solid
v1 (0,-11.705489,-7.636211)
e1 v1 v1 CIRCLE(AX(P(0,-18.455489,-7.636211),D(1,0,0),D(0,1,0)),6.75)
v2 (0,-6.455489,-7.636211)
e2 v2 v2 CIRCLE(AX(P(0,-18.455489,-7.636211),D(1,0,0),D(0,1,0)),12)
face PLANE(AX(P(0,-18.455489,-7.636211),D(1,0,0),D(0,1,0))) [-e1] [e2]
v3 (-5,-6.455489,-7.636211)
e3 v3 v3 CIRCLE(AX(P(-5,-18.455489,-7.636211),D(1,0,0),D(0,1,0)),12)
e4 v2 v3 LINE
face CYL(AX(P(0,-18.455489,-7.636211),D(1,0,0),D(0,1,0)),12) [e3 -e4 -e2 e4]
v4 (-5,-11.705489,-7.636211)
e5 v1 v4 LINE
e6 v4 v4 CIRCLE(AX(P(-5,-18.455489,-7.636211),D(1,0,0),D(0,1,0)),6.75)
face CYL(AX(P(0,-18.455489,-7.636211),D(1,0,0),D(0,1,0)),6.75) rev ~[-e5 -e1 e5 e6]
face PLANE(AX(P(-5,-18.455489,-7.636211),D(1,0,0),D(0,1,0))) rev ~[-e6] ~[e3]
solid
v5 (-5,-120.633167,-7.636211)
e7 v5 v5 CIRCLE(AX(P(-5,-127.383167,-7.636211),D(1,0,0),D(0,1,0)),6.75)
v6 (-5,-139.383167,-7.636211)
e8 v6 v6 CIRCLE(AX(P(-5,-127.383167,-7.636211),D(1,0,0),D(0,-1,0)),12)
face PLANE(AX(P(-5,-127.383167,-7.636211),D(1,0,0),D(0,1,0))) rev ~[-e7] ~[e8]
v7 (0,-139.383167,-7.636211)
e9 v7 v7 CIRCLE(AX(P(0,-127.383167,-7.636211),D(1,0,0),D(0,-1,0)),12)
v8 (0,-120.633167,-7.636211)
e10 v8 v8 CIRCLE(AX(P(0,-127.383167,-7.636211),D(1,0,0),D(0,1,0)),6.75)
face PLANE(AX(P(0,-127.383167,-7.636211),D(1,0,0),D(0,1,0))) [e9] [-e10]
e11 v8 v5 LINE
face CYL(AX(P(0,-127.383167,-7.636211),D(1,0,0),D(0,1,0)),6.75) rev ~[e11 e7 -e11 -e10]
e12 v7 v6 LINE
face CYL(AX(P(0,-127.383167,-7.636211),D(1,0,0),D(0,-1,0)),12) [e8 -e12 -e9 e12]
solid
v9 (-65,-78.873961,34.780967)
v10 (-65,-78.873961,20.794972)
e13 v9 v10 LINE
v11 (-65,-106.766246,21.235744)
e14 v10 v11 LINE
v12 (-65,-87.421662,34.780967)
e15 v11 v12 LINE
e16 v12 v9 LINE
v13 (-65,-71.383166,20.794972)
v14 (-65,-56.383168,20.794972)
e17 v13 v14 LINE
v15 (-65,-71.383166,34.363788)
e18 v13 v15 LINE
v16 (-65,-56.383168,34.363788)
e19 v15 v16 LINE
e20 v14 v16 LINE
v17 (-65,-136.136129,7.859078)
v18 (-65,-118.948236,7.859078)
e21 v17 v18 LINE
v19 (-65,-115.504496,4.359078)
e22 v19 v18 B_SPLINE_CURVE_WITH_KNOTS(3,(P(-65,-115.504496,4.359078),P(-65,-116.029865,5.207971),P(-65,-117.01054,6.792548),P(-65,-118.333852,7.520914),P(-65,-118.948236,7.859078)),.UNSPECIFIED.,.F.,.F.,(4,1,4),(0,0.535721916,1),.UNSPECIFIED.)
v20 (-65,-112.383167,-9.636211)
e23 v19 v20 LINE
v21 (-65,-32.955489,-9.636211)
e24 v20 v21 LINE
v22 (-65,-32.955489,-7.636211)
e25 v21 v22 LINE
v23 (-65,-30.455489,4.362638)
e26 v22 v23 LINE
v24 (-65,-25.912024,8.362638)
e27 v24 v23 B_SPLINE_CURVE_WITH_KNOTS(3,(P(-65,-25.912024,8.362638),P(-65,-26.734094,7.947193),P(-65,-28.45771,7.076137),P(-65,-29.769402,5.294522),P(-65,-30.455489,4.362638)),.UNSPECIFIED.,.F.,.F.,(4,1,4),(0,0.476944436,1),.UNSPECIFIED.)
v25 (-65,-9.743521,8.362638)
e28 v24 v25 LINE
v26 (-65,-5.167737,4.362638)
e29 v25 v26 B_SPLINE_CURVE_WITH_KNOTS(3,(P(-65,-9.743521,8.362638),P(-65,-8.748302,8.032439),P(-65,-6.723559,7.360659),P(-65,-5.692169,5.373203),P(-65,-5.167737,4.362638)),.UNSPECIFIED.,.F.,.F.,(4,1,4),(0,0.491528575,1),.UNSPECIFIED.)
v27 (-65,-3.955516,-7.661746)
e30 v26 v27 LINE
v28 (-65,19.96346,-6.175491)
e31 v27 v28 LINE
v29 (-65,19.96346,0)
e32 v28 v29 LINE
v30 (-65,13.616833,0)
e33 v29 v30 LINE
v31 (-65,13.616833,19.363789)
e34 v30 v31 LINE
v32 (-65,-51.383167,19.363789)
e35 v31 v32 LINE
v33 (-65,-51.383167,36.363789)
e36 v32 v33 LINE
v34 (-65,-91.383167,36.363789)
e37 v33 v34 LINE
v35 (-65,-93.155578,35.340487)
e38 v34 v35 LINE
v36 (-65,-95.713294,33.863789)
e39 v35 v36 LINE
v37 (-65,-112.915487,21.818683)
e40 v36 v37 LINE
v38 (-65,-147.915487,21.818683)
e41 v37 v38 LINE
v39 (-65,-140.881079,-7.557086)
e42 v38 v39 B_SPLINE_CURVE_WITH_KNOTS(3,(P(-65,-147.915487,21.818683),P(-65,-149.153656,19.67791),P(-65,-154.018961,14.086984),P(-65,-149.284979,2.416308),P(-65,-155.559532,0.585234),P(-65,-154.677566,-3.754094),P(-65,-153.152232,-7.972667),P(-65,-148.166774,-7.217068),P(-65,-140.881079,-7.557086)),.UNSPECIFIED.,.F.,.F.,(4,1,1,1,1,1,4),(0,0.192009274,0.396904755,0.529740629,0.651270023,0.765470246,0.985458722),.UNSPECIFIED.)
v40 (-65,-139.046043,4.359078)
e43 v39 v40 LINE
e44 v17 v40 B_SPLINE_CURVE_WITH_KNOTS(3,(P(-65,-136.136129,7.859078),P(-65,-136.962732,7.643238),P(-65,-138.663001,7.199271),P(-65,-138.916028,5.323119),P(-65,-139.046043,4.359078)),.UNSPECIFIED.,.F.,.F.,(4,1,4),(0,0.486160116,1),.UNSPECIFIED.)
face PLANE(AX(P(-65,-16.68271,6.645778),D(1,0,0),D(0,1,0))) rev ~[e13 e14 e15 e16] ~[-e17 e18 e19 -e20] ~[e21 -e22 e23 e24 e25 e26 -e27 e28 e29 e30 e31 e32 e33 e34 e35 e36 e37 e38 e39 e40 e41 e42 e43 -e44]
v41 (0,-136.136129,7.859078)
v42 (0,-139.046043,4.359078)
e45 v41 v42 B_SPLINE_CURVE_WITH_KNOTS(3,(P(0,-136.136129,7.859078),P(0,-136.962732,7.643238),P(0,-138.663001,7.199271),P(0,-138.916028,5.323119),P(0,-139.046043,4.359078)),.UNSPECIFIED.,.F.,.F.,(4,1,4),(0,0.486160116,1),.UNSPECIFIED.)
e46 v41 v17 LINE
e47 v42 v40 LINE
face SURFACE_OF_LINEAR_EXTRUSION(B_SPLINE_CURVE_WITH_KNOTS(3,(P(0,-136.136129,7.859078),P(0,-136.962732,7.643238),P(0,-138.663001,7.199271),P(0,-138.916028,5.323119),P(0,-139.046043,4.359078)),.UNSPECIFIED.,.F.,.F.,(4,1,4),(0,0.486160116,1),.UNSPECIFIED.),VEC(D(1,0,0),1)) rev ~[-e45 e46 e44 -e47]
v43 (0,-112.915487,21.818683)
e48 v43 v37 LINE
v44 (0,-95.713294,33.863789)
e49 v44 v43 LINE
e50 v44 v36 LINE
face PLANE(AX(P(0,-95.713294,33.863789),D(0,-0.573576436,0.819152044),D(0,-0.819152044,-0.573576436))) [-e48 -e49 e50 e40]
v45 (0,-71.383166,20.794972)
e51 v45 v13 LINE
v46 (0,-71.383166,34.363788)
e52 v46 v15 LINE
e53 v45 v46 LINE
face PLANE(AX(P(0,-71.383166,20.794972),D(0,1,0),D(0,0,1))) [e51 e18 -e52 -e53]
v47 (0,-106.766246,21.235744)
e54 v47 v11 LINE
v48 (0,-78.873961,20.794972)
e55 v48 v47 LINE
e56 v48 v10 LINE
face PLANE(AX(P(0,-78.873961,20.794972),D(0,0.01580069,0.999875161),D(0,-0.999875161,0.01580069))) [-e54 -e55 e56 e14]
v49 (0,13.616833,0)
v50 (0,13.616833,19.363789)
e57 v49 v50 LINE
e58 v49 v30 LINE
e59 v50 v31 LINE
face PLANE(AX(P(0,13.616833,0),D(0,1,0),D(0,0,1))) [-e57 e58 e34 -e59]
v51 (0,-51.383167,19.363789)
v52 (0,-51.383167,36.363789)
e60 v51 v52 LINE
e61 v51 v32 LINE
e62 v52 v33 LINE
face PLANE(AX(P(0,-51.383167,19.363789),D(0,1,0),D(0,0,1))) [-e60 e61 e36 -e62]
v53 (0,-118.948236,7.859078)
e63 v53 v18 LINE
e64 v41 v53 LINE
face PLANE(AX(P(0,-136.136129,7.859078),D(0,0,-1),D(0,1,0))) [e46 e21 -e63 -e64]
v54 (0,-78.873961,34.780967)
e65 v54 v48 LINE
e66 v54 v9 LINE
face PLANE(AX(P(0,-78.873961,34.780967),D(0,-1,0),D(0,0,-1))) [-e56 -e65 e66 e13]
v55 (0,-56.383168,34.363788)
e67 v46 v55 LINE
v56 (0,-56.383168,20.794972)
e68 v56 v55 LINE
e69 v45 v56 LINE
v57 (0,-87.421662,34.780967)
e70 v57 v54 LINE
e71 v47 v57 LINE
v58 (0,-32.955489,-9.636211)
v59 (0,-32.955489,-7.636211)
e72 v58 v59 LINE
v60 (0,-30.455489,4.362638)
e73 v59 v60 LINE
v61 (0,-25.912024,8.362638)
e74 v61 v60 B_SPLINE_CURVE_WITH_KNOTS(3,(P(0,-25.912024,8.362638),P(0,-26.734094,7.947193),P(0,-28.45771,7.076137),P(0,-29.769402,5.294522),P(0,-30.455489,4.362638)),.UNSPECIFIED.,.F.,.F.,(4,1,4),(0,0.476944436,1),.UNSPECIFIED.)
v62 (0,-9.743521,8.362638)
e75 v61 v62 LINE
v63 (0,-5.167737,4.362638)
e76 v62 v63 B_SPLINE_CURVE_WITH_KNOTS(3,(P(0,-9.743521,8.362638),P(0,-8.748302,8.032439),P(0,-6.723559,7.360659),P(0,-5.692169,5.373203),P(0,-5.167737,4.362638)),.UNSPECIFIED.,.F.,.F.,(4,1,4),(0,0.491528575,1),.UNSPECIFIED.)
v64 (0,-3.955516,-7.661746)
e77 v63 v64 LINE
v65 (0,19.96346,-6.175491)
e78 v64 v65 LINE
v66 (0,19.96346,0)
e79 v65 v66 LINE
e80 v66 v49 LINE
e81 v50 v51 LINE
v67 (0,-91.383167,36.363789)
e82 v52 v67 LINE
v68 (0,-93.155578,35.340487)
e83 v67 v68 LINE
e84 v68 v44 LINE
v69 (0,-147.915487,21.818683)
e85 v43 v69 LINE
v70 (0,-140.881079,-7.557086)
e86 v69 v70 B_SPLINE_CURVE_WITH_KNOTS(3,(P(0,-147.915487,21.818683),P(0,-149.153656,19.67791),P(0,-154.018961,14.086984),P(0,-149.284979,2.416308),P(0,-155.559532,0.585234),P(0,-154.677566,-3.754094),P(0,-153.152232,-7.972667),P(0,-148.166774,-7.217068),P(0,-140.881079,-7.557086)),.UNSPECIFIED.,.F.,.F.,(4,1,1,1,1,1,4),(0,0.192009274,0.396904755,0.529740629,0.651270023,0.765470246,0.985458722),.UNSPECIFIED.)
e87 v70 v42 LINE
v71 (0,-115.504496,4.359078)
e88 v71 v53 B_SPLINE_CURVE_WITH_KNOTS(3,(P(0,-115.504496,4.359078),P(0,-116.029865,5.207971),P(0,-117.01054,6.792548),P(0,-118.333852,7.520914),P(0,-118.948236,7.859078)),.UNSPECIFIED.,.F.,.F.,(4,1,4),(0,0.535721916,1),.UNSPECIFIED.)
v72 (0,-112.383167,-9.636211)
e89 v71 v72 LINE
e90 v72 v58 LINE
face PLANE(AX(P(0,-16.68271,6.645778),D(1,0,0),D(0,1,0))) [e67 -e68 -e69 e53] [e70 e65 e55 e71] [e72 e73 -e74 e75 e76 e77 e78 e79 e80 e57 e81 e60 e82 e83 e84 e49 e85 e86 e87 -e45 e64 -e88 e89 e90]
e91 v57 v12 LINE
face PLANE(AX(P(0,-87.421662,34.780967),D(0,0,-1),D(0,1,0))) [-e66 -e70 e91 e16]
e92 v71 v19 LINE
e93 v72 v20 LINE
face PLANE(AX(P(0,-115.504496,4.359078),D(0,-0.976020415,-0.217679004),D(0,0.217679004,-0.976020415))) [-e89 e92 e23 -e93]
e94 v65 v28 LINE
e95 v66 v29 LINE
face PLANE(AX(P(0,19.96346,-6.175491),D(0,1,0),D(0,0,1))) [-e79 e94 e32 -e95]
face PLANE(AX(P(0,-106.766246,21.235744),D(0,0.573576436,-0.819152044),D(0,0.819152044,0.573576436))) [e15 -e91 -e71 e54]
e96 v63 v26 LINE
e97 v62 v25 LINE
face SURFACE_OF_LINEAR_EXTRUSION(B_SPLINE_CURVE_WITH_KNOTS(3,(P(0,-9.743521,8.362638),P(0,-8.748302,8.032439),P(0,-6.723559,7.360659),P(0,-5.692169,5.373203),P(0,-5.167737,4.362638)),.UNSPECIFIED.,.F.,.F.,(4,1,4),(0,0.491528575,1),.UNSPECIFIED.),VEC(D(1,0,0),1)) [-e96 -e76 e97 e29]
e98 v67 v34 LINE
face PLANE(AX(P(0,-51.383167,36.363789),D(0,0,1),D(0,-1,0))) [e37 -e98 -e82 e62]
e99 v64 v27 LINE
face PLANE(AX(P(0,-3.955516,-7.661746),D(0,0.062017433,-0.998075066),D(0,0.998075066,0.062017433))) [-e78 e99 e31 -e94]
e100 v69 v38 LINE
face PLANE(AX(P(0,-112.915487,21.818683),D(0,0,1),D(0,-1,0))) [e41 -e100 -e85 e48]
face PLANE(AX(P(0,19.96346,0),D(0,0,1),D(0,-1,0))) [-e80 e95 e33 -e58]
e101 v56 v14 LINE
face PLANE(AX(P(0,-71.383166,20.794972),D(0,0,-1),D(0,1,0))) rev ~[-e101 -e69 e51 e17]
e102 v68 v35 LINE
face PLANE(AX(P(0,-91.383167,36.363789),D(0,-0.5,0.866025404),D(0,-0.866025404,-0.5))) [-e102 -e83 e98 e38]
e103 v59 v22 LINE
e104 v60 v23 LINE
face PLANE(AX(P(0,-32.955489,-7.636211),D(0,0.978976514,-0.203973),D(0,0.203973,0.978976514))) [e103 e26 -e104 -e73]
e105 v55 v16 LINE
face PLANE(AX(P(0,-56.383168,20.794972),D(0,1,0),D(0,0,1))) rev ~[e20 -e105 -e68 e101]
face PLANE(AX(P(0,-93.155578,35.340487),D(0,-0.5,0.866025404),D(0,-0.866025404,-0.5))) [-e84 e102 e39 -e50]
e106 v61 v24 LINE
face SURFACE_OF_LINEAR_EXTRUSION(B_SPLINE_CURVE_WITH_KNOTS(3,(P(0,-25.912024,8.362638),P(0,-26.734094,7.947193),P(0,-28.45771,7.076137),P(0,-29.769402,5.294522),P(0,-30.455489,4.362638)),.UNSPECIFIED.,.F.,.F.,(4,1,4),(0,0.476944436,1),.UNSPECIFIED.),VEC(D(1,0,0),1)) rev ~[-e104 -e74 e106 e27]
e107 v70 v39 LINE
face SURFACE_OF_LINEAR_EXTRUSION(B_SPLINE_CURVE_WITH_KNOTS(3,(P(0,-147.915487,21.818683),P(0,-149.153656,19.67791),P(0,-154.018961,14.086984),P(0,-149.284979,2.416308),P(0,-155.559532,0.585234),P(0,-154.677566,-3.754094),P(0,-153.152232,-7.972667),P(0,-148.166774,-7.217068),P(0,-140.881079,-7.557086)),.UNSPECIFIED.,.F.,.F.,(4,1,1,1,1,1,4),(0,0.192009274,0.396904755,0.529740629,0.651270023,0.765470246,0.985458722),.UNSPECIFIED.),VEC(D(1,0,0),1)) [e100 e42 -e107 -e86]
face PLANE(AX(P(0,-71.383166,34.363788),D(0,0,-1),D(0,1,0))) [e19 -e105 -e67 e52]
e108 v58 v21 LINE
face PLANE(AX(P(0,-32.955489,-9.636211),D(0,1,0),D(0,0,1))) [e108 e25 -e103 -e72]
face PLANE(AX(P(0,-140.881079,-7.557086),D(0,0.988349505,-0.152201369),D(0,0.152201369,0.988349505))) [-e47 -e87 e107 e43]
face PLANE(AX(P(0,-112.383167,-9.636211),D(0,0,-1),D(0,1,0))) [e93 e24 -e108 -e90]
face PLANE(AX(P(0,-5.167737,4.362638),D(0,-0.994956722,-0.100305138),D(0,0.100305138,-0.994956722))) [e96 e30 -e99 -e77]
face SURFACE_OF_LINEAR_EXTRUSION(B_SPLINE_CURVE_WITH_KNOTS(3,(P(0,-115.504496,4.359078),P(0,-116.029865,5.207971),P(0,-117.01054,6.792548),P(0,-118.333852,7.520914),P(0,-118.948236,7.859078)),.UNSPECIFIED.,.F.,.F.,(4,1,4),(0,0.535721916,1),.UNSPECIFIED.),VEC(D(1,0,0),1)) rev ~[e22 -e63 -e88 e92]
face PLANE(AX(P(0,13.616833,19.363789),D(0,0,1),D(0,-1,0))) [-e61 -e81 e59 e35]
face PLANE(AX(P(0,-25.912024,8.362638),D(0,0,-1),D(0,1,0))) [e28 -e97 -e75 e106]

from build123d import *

# Parameters (mm, degrees)
F0_W     = 14.9999984481
F0_H     = 13.5688162344
F1_DEPTH = 65
F0_R     = 10.5
F0_R_2   = 6.75
F2_DEPTH = 5
F0_R_3   = 12
F3_DEPTH = 5


with BuildPart() as f1:
    # F0 (on Right) → F1 (new body)
    with BuildSketch(Plane.YZ):
        with BuildLine():
            Line((13.6168329716, 19.3637886377), (-51.3831670284, 19.3637886377))
            Line((-51.3831670284, 19.3637886377), (-51.3831670284, -7.6362113623))
            Line((-51.3831670284, -7.6362113623), (-50.3831670284, -7.6362113623))
            Line((-50.3831670284, -7.6362113623), (-37.3831670284, -7.6362113623))
            Line((-37.3831670284, -7.6362113623), (-32.9554889213, -7.6362113623))
            Line((-32.9554889213, -7.6362113623), (-30.4554889213, 4.3626378955))
            add(Edge.make_bspline(
                [(-25.9120240808, 8.3626378955), (-26.7340935226, 7.9471925583), (-28.4577103209, 7.076136507), (-29.7694015341, 5.2945215247), (-30.4554889213, 4.3626378955)],
                knots=[0, 0, 0, 0, 0.4769444361, 1, 1, 1, 1], degree=3))
            Line((-25.9120240808, 8.3626378955), (-18.2893068268, 8.3626378955))
            Line((-18.2893068268, 8.3626378955), (-9.74352099, 8.3626378955))
            add(Edge.make_bspline(
                [(-9.74352099, 8.3626378955), (-8.7483018502, 8.0324388543), (-6.7235586512, 7.3606589052), (-5.6921692008, 5.373202623), (-5.1677371375, 4.3626378955)],
                knots=[0, 0, 0, 0, 0.4915285753, 1, 1, 1, 1], degree=3))
            Line((-5.1677371375, 4.3626378955), (-3.9555160886, -7.6617459406))
            Line((-3.9555160886, -7.6617459406), (19.9634600431, -6.1754914932))
            Line((19.9634600431, -6.1754914932), (19.9634600431, 0))
            Line((19.9634600431, 0), (13.6168329716, 0))
            Line((13.6168329716, 0), (13.6168329716, 5.8132377453))
            Line((13.6168329716, 5.8132377453), (13.6168329716, 16.6227482259))
            Line((13.6168329716, 16.6227482259), (13.6168329716, 19.3637886377))
        make_face()
        Polygon((-51.3831670284, -7.6362113623), (-51.3831670284, 19.3637886377), (-51.3831670284, 36.3637886377), (-54.3831670284, 36.3637886377), (-54.3831670284, 32.9090120468), (-54.3831670284, 21.235744), (-54.3831670284, 20.7949716274), (-54.3831670284, -7.6362113623), align=None)
        Polygon((-54.3831670284, 32.9090120468), (-54.3831670284, 36.3637886377), (-73.3831670284, 36.3637886377), (-73.3831670284, 20.7949716274), (-73.3831670284, -7.6362113623), (-54.3831670284, -7.6362113623), (-54.3831670284, 20.7949716274), (-54.3831670284, 21.235744), align=None)
        with Locations((-63.8831670284, 27.5793797446)):
            Rectangle(F0_W, F0_H, mode=Mode.SUBTRACT)
        Polygon((-73.3831670284, 20.7949716274), (-73.3831670284, 36.3637886377), (-91.3831670284, 36.3637886377), (-93.1555780102, 35.3404866803), (-90.1094796242, 35.3404866803), (-108.3831670284, 22.5451130089), (-108.3831670284, -7.6362113623), (-73.3831670284, -7.6362113623), align=None)
        Polygon((-79.8739611272, 20.8107742901), (-106.7662461772, 21.235744), (-87.4216623646, 34.7809674092), (-78.8739611272, 34.7809674092), (-78.8739611272, 33.7809674092), (-78.8739611272, 21.7950964817), (-78.8739611272, 20.7949716274), align=None, mode=Mode.SUBTRACT)
        Polygon((-90.1094796242, 35.3404866803), (-93.1555780102, 35.3404866803), (-95.7132940473, 33.8637886377), (-112.9154869774, 21.8186834744), (-108.3831670284, 22.5451130089), align=None)
        with BuildLine():
            Line((-50.3831670284, -7.6362113623), (-51.3831670284, -7.6362113623))
            Line((-51.3831670284, -7.6362113623), (-54.3831670284, -7.6362113623))
            Line((-54.3831670284, -7.6362113623), (-73.3831670284, -7.6362113623))
            Line((-73.3831670284, -7.6362113623), (-108.3831670284, -7.6362113623))
            Line((-108.3831670284, -7.6362113623), (-108.3831670284, 22.5451130089))
            Line((-108.3831670284, 22.5451130089), (-112.9154869774, 21.8186834744))
            Line((-112.9154869774, 21.8186834744), (-147.9154869774, 21.8186834744))
            add(Edge.make_bspline(
                [(-147.9154869774, 21.8186834744), (-149.1536564289, 19.67791006), (-154.0189609297, 14.0869836841), (-149.2849787354, 2.4163080317), (-155.5595316841, 0.5852340032), (-154.6775664328, -3.7540940806), (-153.1522320855, -7.9726665518), (-148.1667744767, -7.2170682005), (-140.8810786145, -7.5570856366)],
                knots=[0, 0, 0, 0, 0.192009274, 0.3969047545, 0.5297406286, 0.6512700234, 0.7654702459, 0.9854587223, 0.9854587223, 0.9854587223, 0.9854587223], degree=3))
            Line((-140.8810786145, -7.5570856366), (-139.0460431576, 4.3590777611))
            add(Edge.make_bspline(
                [(-136.1361294985, 7.8590777611), (-136.9627322848, 7.6432383208), (-138.6630008993, 7.1992705142), (-138.9160278292, 5.3231191572), (-139.0460431576, 4.3590777611)],
                knots=[0, 0, 0, 0, 0.4861601157, 1, 1, 1, 1], degree=3))
            Line((-136.1361294985, 7.8590777611), (-127.0469545254, 7.8590777611))
            Line((-127.0469545254, 7.8590777611), (-118.9482361078, 7.8590777611))
            add(Edge.make_bspline(
                [(-115.5044957995, 4.3590777611), (-116.029864992, 5.2079705346), (-117.0105401826, 6.7925478079), (-118.333851613, 7.5209135228), (-118.9482361078, 7.8590777611)],
                knots=[0, 0, 0, 0, 0.5357219164, 1, 1, 1, 1], degree=3))
            Line((-115.5044957995, 4.3590777611), (-112.3831670284, -9.6362113623))
            Line((-112.3831670284, -9.6362113623), (-73.3831670284, -9.6362113623))
            Line((-73.3831670284, -9.6362113623), (-32.9554889213, -9.6362113623))
            Line((-32.9554889213, -9.6362113623), (-32.9554889213, -7.6362113623))
            Line((-32.9554889213, -7.6362113623), (-37.3831670284, -7.6362113623))
            Line((-37.3831670284, -7.6362113623), (-50.3831670284, -7.6362113623))
        make_face()
    extrude(amount=-F1_DEPTH)


with BuildPart() as f2:
    # F0 (on Right) → F2 (new body)
    with BuildSketch(Plane.YZ):
        with BuildLine():
            ThreePointArc((-115.3831670284, -7.6362113623), (-127.3831670284, 4.3637886377), (-139.3831670284, -7.6362113623))
            ThreePointArc((-139.3831670284, -7.6362113623), (-127.3831670284, -19.6362113623), (-115.3831670284, -7.6362113623))
        make_face()
        with Locations((-127.3831670284, -7.6362113623)):
            Circle(F0_R, mode=Mode.SUBTRACT)
        with Locations((-127.3831670284, -7.6362113623)):
            Circle(F0_R)
        with Locations((-127.3831670284, -7.6362113623)):
            Circle(F0_R_2, mode=Mode.SUBTRACT)
    extrude(amount=-F2_DEPTH)


with BuildPart() as f3:
    # F0 (on Right) → F3 (new body)
    with BuildSketch(Plane.YZ):
        with Locations((-18.4554889213, -7.6362113623)):
            Circle(F0_R_3)
        with Locations((-18.4554889213, -7.6362113623)):
            Circle(F0_R, mode=Mode.SUBTRACT)
        with Locations((-18.4554889213, -7.6362113623)):
            Circle(F0_R)
        with Locations((-18.4554889213, -7.6362113623)):
            Circle(F0_R_2, mode=Mode.SUBTRACT)
    extrude(amount=-F3_DEPTH)


solid = Compound([f1.part, f2.part, f3.part])
